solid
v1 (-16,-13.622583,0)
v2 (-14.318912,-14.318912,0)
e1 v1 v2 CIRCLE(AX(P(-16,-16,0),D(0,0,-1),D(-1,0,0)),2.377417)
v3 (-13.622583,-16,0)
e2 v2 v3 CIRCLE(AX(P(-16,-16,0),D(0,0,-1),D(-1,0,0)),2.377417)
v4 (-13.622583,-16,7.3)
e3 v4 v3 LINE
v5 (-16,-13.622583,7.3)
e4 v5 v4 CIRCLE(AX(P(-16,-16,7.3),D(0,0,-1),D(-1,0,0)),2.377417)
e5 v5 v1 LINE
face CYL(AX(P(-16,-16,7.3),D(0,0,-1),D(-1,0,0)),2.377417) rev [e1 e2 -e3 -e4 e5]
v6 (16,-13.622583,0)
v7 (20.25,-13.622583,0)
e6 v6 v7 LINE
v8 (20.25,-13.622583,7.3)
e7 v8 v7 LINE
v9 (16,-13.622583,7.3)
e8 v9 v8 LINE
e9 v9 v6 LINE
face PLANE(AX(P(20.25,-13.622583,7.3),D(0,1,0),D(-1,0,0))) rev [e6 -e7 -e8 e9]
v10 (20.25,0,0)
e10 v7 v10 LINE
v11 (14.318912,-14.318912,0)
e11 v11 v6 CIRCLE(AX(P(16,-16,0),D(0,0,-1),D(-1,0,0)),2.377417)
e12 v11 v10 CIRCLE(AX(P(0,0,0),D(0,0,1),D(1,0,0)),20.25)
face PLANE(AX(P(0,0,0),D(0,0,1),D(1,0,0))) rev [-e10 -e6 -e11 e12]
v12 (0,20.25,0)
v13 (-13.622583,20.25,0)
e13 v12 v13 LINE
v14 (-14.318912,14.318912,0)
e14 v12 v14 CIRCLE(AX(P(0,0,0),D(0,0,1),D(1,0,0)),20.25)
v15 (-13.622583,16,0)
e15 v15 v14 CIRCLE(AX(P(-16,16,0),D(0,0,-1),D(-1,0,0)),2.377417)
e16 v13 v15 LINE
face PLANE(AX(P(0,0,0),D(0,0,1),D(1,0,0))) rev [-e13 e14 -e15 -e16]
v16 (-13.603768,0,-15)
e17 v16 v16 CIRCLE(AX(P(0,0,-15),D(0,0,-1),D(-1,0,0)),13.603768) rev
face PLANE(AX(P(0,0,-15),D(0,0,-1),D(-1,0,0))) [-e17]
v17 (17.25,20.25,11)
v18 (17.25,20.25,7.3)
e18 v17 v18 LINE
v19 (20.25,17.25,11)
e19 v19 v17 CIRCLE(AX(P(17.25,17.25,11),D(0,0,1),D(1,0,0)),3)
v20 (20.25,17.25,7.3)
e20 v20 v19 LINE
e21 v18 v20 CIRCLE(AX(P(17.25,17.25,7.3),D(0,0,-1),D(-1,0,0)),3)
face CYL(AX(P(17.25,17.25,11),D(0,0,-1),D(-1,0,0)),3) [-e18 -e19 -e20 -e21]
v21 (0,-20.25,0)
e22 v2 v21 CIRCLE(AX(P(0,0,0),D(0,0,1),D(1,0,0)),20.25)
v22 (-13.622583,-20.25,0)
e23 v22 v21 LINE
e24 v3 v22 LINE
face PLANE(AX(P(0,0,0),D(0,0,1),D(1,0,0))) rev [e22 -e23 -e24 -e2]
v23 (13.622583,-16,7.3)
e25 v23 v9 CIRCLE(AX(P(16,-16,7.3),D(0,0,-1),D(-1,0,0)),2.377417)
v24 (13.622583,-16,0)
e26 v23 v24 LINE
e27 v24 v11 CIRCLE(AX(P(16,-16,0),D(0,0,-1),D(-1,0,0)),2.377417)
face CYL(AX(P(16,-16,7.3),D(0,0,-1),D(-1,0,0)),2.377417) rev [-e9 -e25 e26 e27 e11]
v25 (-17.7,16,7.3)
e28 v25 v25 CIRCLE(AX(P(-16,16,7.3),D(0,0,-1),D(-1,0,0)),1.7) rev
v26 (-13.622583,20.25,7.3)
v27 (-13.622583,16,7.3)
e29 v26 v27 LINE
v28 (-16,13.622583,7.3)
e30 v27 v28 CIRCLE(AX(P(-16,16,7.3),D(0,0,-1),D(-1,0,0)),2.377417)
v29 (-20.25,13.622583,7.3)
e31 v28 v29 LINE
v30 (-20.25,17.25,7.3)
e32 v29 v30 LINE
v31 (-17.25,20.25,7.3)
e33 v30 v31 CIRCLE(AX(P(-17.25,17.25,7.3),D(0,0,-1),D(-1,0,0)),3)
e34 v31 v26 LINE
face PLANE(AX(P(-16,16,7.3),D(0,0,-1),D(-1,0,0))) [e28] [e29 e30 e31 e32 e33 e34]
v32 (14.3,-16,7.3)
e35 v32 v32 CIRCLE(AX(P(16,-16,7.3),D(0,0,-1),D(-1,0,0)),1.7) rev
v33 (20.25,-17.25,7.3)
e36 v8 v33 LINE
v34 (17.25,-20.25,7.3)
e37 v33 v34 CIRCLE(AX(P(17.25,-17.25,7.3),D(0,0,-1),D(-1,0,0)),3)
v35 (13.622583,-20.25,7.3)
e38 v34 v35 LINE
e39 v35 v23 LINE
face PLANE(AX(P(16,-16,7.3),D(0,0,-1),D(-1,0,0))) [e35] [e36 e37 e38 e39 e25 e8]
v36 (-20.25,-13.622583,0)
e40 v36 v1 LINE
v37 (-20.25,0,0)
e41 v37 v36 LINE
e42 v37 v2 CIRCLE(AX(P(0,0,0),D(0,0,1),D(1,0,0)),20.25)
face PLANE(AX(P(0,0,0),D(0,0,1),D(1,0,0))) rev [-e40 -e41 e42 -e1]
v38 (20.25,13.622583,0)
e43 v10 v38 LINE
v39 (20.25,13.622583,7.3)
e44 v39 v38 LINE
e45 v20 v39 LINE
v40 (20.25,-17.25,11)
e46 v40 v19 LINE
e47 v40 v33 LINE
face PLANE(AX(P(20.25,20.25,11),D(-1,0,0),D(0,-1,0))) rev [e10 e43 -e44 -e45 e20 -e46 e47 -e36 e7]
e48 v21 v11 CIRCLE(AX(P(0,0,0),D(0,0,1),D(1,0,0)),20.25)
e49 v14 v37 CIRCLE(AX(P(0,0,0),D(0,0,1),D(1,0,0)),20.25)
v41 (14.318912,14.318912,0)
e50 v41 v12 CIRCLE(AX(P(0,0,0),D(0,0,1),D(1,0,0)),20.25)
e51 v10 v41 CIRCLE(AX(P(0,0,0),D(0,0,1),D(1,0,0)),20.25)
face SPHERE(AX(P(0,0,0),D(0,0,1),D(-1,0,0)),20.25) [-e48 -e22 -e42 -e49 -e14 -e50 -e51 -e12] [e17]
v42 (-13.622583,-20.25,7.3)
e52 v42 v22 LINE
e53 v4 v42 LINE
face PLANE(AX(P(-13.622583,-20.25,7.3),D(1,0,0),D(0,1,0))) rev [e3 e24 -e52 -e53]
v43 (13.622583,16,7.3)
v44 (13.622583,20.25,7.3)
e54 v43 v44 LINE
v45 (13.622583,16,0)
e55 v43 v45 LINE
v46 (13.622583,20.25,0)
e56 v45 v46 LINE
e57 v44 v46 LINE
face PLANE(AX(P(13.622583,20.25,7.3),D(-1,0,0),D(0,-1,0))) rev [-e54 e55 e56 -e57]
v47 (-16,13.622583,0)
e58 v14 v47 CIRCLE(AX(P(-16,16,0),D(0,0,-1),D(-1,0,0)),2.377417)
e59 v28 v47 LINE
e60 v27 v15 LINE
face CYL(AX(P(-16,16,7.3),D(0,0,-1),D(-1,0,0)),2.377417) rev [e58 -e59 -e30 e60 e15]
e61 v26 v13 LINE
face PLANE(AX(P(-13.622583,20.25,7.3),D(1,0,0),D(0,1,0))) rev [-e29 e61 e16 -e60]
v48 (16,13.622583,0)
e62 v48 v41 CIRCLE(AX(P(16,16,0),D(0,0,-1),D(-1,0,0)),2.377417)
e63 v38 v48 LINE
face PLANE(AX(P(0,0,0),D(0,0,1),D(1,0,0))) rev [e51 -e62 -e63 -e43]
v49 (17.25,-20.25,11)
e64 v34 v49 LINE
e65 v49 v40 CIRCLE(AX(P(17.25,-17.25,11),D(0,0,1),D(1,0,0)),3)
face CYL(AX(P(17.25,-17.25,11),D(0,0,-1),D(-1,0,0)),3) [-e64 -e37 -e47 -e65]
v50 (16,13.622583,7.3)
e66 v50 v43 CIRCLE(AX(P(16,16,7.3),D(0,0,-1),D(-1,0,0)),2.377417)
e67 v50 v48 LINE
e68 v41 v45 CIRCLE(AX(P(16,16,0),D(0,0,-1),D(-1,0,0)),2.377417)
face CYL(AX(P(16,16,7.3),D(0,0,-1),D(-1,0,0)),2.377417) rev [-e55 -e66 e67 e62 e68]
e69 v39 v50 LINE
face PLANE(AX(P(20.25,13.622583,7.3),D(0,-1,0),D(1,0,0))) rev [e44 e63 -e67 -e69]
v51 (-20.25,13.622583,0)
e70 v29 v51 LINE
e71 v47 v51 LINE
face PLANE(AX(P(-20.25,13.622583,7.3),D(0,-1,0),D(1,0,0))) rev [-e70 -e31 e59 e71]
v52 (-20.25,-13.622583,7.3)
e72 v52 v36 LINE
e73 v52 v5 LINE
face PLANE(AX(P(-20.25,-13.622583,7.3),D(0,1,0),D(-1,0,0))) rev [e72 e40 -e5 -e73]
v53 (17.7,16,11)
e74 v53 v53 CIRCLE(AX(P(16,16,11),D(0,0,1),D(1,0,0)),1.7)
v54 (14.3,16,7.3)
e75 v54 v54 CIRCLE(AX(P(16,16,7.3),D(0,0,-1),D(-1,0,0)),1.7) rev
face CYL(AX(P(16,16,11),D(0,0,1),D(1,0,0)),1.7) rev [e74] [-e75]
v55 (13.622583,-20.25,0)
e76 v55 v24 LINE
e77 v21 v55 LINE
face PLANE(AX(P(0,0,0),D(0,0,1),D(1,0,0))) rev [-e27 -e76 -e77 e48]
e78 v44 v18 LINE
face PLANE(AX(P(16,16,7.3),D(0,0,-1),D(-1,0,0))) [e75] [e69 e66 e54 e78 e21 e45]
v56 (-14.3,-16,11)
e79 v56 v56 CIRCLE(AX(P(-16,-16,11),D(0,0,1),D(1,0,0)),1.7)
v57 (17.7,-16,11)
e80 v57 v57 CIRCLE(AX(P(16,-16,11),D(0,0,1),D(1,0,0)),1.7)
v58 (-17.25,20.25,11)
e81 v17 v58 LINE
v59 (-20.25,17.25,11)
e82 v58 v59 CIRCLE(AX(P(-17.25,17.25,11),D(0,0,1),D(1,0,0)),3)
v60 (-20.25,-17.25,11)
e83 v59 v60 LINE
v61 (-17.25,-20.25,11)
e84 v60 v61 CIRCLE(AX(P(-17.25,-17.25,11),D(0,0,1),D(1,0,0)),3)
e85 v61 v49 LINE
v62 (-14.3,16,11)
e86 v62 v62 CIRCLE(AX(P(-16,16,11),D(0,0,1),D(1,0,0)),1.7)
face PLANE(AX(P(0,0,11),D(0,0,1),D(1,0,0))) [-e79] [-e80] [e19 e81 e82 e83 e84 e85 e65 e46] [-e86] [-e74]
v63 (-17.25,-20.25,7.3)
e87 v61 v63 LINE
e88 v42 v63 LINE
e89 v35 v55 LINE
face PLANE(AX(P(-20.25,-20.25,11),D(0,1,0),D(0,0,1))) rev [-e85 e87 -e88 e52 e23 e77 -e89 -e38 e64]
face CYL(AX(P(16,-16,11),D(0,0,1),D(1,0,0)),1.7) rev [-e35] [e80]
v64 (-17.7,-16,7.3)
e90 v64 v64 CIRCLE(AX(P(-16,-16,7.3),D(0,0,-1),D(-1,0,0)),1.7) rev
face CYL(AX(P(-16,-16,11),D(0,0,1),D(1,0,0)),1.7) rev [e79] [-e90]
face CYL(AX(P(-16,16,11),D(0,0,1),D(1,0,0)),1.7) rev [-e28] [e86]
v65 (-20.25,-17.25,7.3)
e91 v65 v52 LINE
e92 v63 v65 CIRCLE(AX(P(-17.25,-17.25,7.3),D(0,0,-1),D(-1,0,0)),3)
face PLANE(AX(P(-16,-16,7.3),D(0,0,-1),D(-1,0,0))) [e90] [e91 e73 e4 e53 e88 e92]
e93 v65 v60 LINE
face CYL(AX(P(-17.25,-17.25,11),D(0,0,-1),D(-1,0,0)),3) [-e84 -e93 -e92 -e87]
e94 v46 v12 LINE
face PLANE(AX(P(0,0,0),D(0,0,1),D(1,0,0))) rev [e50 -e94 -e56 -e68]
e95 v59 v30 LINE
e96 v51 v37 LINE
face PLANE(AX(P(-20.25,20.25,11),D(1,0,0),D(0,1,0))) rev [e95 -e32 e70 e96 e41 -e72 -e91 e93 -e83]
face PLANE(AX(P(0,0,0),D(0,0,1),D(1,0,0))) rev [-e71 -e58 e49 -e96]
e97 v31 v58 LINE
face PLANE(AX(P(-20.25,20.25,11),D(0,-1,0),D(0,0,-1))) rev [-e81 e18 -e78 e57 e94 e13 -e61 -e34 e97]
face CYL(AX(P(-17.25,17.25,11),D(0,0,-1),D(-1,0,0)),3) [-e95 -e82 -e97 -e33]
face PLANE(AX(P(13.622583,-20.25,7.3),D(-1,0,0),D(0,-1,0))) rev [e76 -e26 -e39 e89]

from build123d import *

# Parameters (mm, degrees)
SKETCH_1_W          = 40.5
SKETCH_1_H          = 40.5
EXTRUDE_1_DEPTH     = 11
HOLE_WIZARD_M31_D   = 3.4
SKETCH_7_W          = 40.5
SKETCH_7_H          = 40.5
CUT_EXTRUDE_1_DEPTH = 11
CUT_EXTRUDE_2_DEPTH = 7.3
FILLET_1_R          = 3


with BuildPart() as part:
    # Эскиз1 → Бобышка-Вытянуть1 (new body)
    with BuildSketch(Plane.XY):
        Rectangle(SKETCH_1_W, SKETCH_1_H)
    extrude(amount=EXTRUDE_1_DEPTH)

    # Отверстие с зазором M31 (through all)
    with Locations(Plane.XY.offset(11)):
        with Locations((-16, 16), (16, 16), (16, -16), (-16, -16)):
            Hole(HOLE_WIZARD_M31_D / 2)

    # Эскиз6 → Повернуть1 (revolve)
    with BuildSketch(Plane(origin=(0, 0, 0), x_dir=(-1, 0, 0), z_dir=(0, -1, 0))):
        with BuildLine():
            Line((20.25, 0), (0, 0))
            Line((0, 0), (0, 20.25))
            ThreePointArc((0, 20.25), (14.318912319, 14.318912319), (20.25, 0))
        make_face()
    revolve(axis=Axis((0, 0, 0), (0, 0, -1)))

    # Эскиз7 → Вырез-Вытянуть1 (cut)
    with BuildSketch(Plane(origin=(0, 0, -15), x_dir=(-1, 0, 0), z_dir=(0, 0, -1))):
        Rectangle(SKETCH_7_W, SKETCH_7_H)
    extrude(amount=CUT_EXTRUDE_1_DEPTH, mode=Mode.SUBTRACT)

    # Эскиз9 → Вырез-Вытянуть2 (cut)
    with BuildSketch(Plane(origin=(0, 0, 0), x_dir=(-1, 0, 0), z_dir=(0, 0, -1))):
        with BuildLine():
            Line((-20.25, 20.25), (-13.622583002, 20.25))
            Line((-13.622583002, 20.25), (-13.622583002, 16))
            ThreePointArc((-13.622583002, 16), (-14.318912319, 14.318912319), (-16, 13.622583002))
            Line((-16, 13.622583002), (-20.25, 13.622583002))
            Line((-20.25, 13.622583002), (-20.25, 20.25))
        make_face()
        with BuildLine():
            Line((20.25, 20.25), (20.25, 13.622583002))
            Line((20.25, 13.622583002), (16, 13.622583002))
            ThreePointArc((16, 13.622583002), (14.318912319, 14.318912319), (13.622583002, 16))
            Line((13.622583002, 16), (13.622583002, 20.25))
            Line((13.622583002, 20.25), (20.25, 20.25))
        make_face()
        with BuildLine():
            Line((20.25, -20.25), (13.622583002, -20.25))
            Line((13.622583002, -20.25), (13.622583002, -16))
            ThreePointArc((13.622583002, -16), (14.318912319, -14.318912319), (16, -13.622583002))
            Line((16, -13.622583002), (20.25, -13.622583002))
            Line((20.25, -13.622583002), (20.25, -20.25))
        make_face()
        with BuildLine():
            Line((-20.25, -20.25), (-20.25, -13.622583002))
            Line((-20.25, -13.622583002), (-16, -13.622583002))
            ThreePointArc((-16, -13.622583002), (-14.318912319, -14.318912319), (-13.622583002, -16))
            Line((-13.622583002, -16), (-13.622583002, -20.25))
            Line((-13.622583002, -20.25), (-20.25, -20.25))
        make_face()
    extrude(amount=-CUT_EXTRUDE_2_DEPTH, mode=Mode.SUBTRACT)

    # Скругление1
    fillet_1_edges = [part.edges().sort_by_distance(p)[0] for p in [
        (20.25, -20.25, 9.15),
        (-20.25, -20.25, 9.15),
        (-20.25, 20.25, 9.15),
        (20.25, 20.25, 9.15),
    ]]
    fillet(fillet_1_edges, radius=FILLET_1_R)


solid = part.part
